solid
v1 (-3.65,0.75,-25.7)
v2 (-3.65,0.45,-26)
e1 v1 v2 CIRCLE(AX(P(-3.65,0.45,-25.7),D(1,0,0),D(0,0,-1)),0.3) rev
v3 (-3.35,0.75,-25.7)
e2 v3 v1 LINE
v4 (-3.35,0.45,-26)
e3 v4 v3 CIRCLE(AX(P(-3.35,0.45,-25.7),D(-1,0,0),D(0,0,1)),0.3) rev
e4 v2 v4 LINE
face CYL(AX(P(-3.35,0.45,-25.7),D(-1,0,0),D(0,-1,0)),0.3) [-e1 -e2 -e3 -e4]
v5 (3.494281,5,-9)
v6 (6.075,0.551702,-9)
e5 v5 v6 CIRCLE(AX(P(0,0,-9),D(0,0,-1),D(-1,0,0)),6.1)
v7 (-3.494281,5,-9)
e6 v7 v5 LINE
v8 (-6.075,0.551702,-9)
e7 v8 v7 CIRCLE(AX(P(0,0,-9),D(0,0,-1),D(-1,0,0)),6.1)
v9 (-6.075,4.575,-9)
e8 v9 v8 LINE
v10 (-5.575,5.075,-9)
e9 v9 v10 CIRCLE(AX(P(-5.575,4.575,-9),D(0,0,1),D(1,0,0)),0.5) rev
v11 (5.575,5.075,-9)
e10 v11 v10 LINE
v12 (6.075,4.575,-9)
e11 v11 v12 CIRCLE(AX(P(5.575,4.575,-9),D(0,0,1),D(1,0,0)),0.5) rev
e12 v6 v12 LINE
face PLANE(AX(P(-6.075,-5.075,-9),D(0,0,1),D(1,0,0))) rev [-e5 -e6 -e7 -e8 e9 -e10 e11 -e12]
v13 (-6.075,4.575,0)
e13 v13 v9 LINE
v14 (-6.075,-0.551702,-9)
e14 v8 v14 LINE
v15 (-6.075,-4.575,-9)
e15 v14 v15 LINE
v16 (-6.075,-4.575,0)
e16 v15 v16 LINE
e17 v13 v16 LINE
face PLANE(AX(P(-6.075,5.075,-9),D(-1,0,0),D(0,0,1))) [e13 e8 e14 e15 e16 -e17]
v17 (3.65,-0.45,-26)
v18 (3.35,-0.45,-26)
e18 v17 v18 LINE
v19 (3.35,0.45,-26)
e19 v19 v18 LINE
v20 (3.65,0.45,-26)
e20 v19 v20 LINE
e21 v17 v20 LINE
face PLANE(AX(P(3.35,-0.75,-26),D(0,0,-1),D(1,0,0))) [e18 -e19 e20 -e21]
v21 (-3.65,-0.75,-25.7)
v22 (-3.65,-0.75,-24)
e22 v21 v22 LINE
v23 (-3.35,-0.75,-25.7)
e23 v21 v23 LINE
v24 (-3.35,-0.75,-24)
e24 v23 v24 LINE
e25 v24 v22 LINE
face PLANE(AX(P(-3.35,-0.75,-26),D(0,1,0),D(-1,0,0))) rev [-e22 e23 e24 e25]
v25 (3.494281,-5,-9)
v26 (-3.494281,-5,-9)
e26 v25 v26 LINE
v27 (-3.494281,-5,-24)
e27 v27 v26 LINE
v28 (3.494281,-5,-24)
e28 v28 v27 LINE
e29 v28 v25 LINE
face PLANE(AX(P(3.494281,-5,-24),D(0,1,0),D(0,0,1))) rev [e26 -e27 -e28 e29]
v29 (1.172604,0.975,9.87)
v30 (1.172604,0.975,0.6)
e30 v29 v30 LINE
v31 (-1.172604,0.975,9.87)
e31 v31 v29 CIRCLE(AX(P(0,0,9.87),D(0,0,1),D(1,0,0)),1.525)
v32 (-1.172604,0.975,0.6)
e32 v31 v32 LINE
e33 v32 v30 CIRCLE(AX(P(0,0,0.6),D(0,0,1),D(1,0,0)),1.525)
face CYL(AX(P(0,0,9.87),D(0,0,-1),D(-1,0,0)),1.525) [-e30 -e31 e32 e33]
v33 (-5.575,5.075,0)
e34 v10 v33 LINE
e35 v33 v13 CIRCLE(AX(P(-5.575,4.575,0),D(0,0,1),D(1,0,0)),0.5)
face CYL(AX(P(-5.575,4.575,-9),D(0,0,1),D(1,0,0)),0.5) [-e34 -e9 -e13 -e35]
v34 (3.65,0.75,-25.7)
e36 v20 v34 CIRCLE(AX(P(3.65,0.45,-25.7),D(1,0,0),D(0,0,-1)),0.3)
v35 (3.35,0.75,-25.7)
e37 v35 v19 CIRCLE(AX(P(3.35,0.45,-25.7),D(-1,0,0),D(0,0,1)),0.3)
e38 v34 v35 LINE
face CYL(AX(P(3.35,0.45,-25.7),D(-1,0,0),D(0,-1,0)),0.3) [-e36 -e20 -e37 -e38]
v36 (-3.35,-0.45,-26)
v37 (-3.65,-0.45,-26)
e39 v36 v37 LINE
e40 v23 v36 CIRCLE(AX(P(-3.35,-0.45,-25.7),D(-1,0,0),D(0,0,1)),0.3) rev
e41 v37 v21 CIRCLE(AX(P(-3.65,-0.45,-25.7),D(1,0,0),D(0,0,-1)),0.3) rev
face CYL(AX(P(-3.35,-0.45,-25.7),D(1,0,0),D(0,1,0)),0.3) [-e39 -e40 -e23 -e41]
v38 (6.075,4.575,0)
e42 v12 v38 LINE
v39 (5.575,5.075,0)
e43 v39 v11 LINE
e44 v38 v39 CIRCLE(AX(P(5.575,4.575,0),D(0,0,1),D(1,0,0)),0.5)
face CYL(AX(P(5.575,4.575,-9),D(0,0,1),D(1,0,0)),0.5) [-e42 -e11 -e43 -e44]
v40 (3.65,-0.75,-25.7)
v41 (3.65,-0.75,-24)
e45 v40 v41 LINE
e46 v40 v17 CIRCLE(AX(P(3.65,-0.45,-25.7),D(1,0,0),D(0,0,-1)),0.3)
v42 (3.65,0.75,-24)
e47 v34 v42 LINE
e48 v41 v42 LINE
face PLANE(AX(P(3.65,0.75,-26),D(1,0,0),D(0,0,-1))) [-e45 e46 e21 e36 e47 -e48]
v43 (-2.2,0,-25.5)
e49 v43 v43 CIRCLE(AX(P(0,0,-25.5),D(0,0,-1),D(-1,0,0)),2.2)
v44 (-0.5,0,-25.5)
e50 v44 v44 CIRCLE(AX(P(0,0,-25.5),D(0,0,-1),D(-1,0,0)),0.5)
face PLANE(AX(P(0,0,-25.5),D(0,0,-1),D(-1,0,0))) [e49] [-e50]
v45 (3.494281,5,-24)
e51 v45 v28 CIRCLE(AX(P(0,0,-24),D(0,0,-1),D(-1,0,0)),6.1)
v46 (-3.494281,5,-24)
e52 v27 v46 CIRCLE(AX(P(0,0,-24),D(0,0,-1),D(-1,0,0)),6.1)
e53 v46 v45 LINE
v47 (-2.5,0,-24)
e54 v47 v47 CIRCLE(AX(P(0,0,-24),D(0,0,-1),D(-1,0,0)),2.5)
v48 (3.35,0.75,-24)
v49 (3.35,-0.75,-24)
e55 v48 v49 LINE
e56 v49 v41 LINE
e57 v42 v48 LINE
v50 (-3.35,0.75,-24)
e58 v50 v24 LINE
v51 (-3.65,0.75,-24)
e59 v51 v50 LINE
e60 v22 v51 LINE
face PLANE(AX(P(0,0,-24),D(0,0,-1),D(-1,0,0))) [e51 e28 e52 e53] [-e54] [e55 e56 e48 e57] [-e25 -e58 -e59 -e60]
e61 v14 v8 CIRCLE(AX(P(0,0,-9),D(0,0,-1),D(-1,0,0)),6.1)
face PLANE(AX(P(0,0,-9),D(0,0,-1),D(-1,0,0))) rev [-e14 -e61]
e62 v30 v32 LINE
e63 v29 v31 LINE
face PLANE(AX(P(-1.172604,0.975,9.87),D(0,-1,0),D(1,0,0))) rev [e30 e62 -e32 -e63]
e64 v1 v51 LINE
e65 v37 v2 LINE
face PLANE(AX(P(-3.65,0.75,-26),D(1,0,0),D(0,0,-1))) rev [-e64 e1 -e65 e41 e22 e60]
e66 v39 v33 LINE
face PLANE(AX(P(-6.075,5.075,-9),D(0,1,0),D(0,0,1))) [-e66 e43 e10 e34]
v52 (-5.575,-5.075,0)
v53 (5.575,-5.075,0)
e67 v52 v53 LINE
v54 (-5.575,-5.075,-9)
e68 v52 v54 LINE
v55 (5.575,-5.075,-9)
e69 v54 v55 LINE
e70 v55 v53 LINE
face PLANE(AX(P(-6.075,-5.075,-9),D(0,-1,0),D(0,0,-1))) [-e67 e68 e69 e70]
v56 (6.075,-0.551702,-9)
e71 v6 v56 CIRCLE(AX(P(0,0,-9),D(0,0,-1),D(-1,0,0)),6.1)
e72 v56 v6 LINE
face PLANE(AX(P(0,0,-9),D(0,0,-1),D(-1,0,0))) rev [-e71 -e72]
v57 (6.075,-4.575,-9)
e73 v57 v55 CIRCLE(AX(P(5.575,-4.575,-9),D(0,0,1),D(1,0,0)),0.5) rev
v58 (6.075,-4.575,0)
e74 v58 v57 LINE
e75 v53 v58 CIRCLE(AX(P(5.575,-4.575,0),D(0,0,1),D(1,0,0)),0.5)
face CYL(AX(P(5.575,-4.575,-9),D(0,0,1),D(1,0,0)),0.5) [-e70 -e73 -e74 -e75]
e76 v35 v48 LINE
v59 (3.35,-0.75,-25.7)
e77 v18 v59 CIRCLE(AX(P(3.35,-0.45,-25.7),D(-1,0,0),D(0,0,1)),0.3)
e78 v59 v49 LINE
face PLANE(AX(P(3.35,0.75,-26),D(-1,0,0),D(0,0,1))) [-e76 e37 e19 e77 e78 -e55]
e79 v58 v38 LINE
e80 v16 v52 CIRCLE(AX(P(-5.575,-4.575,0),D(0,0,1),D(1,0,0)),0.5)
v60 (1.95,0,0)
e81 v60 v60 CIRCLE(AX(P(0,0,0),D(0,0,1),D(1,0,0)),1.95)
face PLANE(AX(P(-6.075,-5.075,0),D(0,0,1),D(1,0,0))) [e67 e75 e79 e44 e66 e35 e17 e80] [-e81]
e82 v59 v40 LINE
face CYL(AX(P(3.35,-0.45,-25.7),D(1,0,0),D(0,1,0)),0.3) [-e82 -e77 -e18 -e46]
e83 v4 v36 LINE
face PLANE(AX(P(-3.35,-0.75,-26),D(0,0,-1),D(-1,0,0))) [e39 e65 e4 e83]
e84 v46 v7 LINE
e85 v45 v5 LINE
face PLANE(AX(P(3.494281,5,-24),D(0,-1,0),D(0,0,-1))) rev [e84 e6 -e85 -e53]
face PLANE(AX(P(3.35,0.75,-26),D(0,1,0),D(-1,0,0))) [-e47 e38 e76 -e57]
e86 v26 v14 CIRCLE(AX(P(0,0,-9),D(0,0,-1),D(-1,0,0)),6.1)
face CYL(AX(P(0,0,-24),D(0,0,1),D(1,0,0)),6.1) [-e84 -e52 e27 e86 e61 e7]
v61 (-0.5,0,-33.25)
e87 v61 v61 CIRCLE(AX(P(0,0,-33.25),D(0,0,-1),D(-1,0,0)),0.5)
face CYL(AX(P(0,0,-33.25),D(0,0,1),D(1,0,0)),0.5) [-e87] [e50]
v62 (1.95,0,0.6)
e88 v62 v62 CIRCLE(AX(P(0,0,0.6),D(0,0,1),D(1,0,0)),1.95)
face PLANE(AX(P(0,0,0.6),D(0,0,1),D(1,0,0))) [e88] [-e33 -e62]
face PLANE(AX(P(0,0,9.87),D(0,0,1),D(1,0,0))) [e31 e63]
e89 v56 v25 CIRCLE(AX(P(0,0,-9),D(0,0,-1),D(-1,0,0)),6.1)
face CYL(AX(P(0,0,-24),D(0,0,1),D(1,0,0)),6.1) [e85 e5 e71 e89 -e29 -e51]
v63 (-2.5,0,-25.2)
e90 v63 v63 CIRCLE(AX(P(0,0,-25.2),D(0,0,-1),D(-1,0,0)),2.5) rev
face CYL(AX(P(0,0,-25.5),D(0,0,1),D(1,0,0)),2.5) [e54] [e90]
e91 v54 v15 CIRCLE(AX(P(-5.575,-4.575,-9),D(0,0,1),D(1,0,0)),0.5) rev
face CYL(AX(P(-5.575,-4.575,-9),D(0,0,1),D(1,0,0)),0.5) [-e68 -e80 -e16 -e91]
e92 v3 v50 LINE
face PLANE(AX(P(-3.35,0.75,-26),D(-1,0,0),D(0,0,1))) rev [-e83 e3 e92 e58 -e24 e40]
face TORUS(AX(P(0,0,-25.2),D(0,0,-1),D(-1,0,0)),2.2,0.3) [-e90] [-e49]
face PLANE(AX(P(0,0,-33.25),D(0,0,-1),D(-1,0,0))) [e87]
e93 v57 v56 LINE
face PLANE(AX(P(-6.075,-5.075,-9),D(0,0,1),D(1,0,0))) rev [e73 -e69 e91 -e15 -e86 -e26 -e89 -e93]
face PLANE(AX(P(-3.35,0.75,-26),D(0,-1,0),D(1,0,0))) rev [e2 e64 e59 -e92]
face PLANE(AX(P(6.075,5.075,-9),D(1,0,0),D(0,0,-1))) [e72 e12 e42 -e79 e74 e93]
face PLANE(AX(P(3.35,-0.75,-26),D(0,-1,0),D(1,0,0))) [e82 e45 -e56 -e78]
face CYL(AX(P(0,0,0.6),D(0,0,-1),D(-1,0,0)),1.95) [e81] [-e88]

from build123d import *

# Parameters (mm, degrees)
SKETCH1_W            = 12.15
SKETCH1_H            = 10.15
EXTRUDE2_DEPTH       = 9
SKETCH11_R           = 1.95
EXTRUDE5_DEPTH       = 0.6
EXTRUDE6_DEPTH       = 9.27
EXTRUDE7_DEPTH       = 15
SKETCH14_R           = 2.5
EXTRUDE8_DEPTH       = 1.5
SKETCH16_W           = 0.3
SKETCH16_H           = 1.5
EXTRUDE10_DEPTH      = 2
FILLET1_R            = 0.3
FILLET1_OF_MIRROR1_R = 0.3
FILLET2_R            = 0.5
FILLET3_R            = 0.3
SKETCH17_R           = 0.5
EXTRUDE11_DEPTH      = 7.75


with BuildPart() as part:
    # Sketch1 → Extrude2 (new body)
    with BuildSketch(Plane.XY):
        Rectangle(SKETCH1_W, SKETCH1_H)
    extrude(amount=-EXTRUDE2_DEPTH)

    # Sketch11 → Extrude5 (add)
    with BuildSketch(Plane.XY):
        Circle(SKETCH11_R)
    extrude(amount=EXTRUDE5_DEPTH)

    # Sketch12 → Extrude6 (add)
    with BuildSketch(Plane.XY.offset(0.6)):
        with BuildLine():
            Line((-1.17260394, 0.975), (1.17260394, 0.975))
            ThreePointArc((1.17260394, 0.975), (0, -1.525), (-1.17260394, 0.975))
        make_face()
    extrude(amount=EXTRUDE6_DEPTH)

    # Sketch13 → Extrude7 (add)
    with BuildSketch(Plane(origin=(0, 0, -9), x_dir=(-1, 0, 0), z_dir=(0, 0, -1))):
        with BuildLine():
            Line((-3.494281042, 5), (3.494281042, 5))
            ThreePointArc((3.494281042, 5), (6.1, 0), (3.494281042, -5))
            Line((3.494281042, -5), (-3.494281042, -5))
            ThreePointArc((-3.494281042, -5), (-6.1, 0), (-3.494281042, 5))
        make_face()
    extrude(amount=EXTRUDE7_DEPTH)

    # Sketch14 → Extrude8 (add)
    with BuildSketch(Plane(origin=(0, 0, -24), x_dir=(-1, 0, 0), z_dir=(0, 0, -1))):
        Circle(SKETCH14_R)
    extrude(amount=EXTRUDE8_DEPTH)

    # Sketch16 → Extrude10 (add)
    with BuildSketch(Plane(origin=(0, 0, -24), x_dir=(-1, 0, 0), z_dir=(0, 0, -1))):
        with Locations((3.5, 0)):
            Rectangle(SKETCH16_W, SKETCH16_H)
    extrude10 = extrude(amount=EXTRUDE10_DEPTH)

    # Fillet1
    fillet1_edges = [part.edges().sort_by_distance(p)[0] for p in [
        (-3.5, -0.75, -26),
        (-3.5, 0.75, -26),
    ]]
    fillet(fillet1_edges, radius=FILLET1_R)

    # Mirror1: Extrude10 across plane
    add(extrude10.mirror(Plane(origin=(0, 0, 0), x_dir=(0, 0, 1), z_dir=(1, 0, 0))))

    # Fillet1 of Mirror1
    fillet1_of_mirror1_edges = [part.edges().sort_by_distance(p)[0] for p in [
        (3.5, -0.75, -26),
        (3.5, 0.75, -26),
    ]]
    fillet(fillet1_of_mirror1_edges, radius=FILLET1_OF_MIRROR1_R)

    # Fillet2
    fillet2_edges = [part.edges().sort_by_distance(p)[0] for p in [
        (-6.075, 5.075, -4.5),
        (6.075, 5.075, -4.5),
        (6.075, -5.075, -4.5),
        (-6.075, -5.075, -4.5),
    ]]
    fillet(fillet2_edges, radius=FILLET2_R)

    # Fillet3
    fillet3_edges = [part.edges().sort_by_distance(p)[0] for p in [
        (2.5, 0, -25.5),
    ]]
    fillet(fillet3_edges, radius=FILLET3_R)

    # Sketch17 → Extrude11 (add)
    with BuildSketch(Plane(origin=(0, 0, -25.5), x_dir=(-1, 0, 0), z_dir=(0, 0, -1))):
        Circle(SKETCH17_R)
    extrude(amount=EXTRUDE11_DEPTH)


solid = part.part
